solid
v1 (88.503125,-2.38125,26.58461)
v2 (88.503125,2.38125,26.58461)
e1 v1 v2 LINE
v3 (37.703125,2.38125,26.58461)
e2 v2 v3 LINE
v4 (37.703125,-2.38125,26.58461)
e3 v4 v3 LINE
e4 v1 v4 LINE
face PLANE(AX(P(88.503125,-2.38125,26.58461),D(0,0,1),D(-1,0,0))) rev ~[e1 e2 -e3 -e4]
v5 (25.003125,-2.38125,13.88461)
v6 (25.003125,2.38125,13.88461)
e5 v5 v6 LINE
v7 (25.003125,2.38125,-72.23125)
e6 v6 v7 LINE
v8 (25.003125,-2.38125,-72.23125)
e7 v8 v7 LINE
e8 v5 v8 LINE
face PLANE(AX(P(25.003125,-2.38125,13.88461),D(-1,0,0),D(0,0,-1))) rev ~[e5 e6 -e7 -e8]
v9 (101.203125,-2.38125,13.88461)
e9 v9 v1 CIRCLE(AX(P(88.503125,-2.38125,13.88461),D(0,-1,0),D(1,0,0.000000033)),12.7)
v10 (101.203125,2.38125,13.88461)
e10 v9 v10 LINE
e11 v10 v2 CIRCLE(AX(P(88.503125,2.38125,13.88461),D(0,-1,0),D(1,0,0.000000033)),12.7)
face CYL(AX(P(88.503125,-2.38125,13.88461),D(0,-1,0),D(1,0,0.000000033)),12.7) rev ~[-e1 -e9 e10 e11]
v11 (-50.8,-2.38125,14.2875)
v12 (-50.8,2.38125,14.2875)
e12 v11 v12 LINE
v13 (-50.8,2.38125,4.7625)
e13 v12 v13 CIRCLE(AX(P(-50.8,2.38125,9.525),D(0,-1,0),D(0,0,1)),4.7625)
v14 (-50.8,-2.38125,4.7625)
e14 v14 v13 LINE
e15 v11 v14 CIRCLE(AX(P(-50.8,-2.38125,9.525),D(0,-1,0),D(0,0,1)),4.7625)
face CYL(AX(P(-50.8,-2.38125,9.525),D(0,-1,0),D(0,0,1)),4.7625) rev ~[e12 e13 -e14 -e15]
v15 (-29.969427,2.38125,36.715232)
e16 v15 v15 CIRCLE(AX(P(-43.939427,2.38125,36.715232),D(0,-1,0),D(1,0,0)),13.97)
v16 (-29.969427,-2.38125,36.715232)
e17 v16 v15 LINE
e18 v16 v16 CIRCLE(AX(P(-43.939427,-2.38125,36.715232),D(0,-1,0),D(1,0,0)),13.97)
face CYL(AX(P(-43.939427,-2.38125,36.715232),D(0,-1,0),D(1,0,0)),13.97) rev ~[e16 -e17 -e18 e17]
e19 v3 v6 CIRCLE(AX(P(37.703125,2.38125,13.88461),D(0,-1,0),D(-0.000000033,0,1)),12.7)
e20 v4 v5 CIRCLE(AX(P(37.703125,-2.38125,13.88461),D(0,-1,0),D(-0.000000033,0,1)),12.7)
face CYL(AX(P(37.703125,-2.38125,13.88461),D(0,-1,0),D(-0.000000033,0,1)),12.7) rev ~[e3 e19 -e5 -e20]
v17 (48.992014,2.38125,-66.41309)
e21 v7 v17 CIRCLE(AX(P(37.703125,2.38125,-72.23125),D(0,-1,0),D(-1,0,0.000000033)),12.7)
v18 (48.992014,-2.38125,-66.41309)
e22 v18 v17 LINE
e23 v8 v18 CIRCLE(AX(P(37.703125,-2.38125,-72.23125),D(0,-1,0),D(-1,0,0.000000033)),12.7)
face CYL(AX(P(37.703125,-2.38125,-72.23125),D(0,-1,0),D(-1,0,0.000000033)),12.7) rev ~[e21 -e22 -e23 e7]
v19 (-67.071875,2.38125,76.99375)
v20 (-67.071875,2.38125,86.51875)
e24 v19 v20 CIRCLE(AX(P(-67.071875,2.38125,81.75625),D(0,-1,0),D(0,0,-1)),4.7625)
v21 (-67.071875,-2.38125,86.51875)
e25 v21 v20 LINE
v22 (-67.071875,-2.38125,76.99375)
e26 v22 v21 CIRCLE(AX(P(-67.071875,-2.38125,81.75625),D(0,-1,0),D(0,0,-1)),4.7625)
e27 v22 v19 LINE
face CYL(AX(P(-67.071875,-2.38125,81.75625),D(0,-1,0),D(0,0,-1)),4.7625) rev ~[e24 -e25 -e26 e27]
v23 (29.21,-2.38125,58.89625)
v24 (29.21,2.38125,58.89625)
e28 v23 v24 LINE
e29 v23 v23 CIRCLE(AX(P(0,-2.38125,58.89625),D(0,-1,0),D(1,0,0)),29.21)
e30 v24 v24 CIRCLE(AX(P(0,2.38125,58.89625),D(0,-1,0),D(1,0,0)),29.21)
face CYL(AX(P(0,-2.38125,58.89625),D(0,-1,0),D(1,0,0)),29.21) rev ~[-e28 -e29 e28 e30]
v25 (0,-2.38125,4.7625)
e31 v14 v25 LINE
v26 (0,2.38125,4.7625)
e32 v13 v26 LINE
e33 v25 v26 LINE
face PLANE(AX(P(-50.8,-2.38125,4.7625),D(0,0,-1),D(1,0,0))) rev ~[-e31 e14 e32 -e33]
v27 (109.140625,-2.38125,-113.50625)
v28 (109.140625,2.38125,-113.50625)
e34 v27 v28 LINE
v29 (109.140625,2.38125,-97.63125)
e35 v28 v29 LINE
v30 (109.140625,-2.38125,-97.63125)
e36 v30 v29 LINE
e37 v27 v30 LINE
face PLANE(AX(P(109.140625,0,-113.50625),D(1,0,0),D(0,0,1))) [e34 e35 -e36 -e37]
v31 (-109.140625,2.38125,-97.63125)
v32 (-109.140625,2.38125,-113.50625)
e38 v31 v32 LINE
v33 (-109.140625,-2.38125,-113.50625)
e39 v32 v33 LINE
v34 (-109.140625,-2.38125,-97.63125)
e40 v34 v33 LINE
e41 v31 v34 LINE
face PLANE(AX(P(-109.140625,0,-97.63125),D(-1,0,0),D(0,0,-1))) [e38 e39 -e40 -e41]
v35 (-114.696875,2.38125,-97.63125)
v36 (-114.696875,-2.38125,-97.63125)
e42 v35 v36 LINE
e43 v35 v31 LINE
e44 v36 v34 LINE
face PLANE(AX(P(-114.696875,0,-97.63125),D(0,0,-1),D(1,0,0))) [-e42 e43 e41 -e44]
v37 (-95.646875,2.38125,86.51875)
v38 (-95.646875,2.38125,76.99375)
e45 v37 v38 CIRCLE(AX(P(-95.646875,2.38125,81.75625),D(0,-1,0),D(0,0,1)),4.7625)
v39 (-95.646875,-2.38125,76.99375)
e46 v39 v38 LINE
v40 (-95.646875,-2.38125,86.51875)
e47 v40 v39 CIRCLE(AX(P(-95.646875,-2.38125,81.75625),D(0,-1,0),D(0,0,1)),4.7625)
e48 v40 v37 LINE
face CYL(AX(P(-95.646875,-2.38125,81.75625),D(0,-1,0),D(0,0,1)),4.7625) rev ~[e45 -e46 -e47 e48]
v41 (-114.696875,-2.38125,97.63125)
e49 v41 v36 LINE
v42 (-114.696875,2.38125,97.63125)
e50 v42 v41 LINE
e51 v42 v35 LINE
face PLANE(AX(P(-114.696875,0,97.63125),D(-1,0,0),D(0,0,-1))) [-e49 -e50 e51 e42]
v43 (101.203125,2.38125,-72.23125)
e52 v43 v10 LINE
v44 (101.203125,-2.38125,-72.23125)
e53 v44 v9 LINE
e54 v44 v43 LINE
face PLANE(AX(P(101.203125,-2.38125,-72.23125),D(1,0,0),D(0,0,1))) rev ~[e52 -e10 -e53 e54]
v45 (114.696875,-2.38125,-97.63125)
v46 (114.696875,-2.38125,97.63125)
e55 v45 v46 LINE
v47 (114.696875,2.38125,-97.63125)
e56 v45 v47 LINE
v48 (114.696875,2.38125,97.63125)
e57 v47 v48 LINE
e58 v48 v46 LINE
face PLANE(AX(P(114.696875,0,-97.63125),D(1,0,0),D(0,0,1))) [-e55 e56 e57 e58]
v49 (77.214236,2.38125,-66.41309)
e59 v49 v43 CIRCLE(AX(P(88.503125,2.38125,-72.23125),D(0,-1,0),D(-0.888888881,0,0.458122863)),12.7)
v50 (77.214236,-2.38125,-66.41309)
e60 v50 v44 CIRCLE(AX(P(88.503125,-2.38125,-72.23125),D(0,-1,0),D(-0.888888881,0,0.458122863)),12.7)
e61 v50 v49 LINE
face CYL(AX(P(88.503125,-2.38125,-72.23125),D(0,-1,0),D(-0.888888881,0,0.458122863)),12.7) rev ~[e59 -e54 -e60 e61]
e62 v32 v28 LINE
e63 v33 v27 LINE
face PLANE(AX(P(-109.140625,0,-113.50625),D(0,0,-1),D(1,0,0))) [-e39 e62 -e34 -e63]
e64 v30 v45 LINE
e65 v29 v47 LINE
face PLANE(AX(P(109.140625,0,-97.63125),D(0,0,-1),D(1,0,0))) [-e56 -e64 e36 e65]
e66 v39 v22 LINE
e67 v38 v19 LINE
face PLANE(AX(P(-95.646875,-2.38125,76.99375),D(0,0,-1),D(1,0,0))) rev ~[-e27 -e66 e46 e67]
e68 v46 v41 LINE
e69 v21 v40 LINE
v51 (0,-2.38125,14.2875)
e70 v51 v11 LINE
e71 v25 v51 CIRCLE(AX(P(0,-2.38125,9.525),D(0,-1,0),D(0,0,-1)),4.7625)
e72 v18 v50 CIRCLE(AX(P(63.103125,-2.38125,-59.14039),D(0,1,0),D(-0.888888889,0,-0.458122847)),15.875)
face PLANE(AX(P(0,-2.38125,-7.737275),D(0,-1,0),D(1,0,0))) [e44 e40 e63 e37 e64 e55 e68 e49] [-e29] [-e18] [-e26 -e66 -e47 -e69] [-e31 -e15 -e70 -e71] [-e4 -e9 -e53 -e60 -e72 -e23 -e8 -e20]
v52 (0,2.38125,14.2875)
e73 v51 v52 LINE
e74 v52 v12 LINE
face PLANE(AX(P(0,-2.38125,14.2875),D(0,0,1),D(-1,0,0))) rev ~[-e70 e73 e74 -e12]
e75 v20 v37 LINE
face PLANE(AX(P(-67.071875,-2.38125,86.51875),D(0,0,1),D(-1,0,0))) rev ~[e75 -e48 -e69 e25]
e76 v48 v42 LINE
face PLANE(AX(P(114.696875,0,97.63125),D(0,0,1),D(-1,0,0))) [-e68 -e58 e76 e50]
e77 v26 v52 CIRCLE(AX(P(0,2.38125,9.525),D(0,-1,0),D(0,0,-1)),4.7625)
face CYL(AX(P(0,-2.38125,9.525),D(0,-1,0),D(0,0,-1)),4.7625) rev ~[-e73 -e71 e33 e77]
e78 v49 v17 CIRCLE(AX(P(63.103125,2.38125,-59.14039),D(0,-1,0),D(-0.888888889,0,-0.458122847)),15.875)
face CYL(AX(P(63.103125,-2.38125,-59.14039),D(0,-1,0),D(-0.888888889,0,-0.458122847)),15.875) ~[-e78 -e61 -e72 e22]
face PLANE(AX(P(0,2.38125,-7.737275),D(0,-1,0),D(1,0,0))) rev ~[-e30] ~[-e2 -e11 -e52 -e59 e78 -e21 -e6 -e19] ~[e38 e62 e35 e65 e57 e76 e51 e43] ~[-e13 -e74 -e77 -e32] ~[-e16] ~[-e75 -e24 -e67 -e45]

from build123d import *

# Parameters (mm, degrees)
F1_DEPTH = 2.38125
F3_DEPTH = 4.7635
F4_R     = 29.21
F5_DEPTH = 4.7635
F7_DEPTH = 4.7635
F8_R     = 13.97
F9_DEPTH = 4.7635


with BuildPart() as f1:
    # F0 (on Front) → F1 (new body, symmetric)
    with BuildSketch(Plane.XZ):
        Polygon((114.696875, -97.63125), (114.696875, 97.63125), (-114.696875, 97.63125), (-114.696875, -97.63125), (-109.140625, -97.63125), (-109.140625, -113.50625), (109.140625, -113.50625), (109.140625, -97.63125), align=None)
    extrude(amount=F1_DEPTH, both=True)

    # F2 (on face) → F3 (cut, through all)
    with BuildSketch(Plane.XZ.offset(2.38125)):
        with BuildLine():
            Line((25.003125, 13.88461), (25.003125, -72.23125))
            ThreePointArc((25.003125, -72.23125), (40.696544, -84.573432), (48.992014, -66.41309))
            ThreePointArc((48.992014, -66.41309), (63.103125, -43.26539), (77.214236, -66.41309))
            ThreePointArc((77.214236, -66.41309), (85.509706, -84.573432), (101.203125, -72.23125))
            Line((101.203125, -72.23125), (101.203125, 13.88461))
            ThreePointArc((101.203125, 13.88461), (97.483381, 22.864866), (88.503125, 26.58461))
            Line((88.503125, 26.58461), (37.703125, 26.58461))
            ThreePointArc((37.703125, 26.58461), (28.722869, 22.864866), (25.003125, 13.88461))
        make_face()
    extrude(amount=-F3_DEPTH, mode=Mode.SUBTRACT)

    # F4 (on face) → F5 (cut, through all)
    with BuildSketch(Plane.XZ.offset(2.38125)):
        with Locations((0, 58.89625)):
            Circle(F4_R)
    extrude(amount=-F5_DEPTH, mode=Mode.SUBTRACT)

    # F6 (on face) → F7 (cut, through all)
    with BuildSketch(Plane.XZ.offset(2.38125)):
        with BuildLine():
            ThreePointArc((-50.8, 14.2875), (-55.5625, 9.525), (-50.8, 4.7625))
            Line((-50.8, 4.7625), (0, 4.7625))
            ThreePointArc((0, 4.7625), (4.7625, 9.525), (0, 14.2875))
            Line((0, 14.2875), (-50.8, 14.2875))
        make_face()
        with BuildLine():
            Line((-67.071875, 86.51875), (-95.646875, 86.51875))
            ThreePointArc((-95.646875, 86.51875), (-100.409375, 81.75625), (-95.646875, 76.99375))
            Line((-95.646875, 76.99375), (-67.071875, 76.99375))
            ThreePointArc((-67.071875, 76.99375), (-62.309375, 81.75625), (-67.071875, 86.51875))
        make_face()
    extrude(amount=-F7_DEPTH, mode=Mode.SUBTRACT)

    # F8 (on face) → F9 (cut, through all)
    with BuildSketch(Plane.XZ.offset(2.38125)):
        with Locations((-43.939427, 36.715232)):
            Circle(F8_R)
    extrude(amount=-F9_DEPTH, mode=Mode.SUBTRACT)


solid = f1.part
